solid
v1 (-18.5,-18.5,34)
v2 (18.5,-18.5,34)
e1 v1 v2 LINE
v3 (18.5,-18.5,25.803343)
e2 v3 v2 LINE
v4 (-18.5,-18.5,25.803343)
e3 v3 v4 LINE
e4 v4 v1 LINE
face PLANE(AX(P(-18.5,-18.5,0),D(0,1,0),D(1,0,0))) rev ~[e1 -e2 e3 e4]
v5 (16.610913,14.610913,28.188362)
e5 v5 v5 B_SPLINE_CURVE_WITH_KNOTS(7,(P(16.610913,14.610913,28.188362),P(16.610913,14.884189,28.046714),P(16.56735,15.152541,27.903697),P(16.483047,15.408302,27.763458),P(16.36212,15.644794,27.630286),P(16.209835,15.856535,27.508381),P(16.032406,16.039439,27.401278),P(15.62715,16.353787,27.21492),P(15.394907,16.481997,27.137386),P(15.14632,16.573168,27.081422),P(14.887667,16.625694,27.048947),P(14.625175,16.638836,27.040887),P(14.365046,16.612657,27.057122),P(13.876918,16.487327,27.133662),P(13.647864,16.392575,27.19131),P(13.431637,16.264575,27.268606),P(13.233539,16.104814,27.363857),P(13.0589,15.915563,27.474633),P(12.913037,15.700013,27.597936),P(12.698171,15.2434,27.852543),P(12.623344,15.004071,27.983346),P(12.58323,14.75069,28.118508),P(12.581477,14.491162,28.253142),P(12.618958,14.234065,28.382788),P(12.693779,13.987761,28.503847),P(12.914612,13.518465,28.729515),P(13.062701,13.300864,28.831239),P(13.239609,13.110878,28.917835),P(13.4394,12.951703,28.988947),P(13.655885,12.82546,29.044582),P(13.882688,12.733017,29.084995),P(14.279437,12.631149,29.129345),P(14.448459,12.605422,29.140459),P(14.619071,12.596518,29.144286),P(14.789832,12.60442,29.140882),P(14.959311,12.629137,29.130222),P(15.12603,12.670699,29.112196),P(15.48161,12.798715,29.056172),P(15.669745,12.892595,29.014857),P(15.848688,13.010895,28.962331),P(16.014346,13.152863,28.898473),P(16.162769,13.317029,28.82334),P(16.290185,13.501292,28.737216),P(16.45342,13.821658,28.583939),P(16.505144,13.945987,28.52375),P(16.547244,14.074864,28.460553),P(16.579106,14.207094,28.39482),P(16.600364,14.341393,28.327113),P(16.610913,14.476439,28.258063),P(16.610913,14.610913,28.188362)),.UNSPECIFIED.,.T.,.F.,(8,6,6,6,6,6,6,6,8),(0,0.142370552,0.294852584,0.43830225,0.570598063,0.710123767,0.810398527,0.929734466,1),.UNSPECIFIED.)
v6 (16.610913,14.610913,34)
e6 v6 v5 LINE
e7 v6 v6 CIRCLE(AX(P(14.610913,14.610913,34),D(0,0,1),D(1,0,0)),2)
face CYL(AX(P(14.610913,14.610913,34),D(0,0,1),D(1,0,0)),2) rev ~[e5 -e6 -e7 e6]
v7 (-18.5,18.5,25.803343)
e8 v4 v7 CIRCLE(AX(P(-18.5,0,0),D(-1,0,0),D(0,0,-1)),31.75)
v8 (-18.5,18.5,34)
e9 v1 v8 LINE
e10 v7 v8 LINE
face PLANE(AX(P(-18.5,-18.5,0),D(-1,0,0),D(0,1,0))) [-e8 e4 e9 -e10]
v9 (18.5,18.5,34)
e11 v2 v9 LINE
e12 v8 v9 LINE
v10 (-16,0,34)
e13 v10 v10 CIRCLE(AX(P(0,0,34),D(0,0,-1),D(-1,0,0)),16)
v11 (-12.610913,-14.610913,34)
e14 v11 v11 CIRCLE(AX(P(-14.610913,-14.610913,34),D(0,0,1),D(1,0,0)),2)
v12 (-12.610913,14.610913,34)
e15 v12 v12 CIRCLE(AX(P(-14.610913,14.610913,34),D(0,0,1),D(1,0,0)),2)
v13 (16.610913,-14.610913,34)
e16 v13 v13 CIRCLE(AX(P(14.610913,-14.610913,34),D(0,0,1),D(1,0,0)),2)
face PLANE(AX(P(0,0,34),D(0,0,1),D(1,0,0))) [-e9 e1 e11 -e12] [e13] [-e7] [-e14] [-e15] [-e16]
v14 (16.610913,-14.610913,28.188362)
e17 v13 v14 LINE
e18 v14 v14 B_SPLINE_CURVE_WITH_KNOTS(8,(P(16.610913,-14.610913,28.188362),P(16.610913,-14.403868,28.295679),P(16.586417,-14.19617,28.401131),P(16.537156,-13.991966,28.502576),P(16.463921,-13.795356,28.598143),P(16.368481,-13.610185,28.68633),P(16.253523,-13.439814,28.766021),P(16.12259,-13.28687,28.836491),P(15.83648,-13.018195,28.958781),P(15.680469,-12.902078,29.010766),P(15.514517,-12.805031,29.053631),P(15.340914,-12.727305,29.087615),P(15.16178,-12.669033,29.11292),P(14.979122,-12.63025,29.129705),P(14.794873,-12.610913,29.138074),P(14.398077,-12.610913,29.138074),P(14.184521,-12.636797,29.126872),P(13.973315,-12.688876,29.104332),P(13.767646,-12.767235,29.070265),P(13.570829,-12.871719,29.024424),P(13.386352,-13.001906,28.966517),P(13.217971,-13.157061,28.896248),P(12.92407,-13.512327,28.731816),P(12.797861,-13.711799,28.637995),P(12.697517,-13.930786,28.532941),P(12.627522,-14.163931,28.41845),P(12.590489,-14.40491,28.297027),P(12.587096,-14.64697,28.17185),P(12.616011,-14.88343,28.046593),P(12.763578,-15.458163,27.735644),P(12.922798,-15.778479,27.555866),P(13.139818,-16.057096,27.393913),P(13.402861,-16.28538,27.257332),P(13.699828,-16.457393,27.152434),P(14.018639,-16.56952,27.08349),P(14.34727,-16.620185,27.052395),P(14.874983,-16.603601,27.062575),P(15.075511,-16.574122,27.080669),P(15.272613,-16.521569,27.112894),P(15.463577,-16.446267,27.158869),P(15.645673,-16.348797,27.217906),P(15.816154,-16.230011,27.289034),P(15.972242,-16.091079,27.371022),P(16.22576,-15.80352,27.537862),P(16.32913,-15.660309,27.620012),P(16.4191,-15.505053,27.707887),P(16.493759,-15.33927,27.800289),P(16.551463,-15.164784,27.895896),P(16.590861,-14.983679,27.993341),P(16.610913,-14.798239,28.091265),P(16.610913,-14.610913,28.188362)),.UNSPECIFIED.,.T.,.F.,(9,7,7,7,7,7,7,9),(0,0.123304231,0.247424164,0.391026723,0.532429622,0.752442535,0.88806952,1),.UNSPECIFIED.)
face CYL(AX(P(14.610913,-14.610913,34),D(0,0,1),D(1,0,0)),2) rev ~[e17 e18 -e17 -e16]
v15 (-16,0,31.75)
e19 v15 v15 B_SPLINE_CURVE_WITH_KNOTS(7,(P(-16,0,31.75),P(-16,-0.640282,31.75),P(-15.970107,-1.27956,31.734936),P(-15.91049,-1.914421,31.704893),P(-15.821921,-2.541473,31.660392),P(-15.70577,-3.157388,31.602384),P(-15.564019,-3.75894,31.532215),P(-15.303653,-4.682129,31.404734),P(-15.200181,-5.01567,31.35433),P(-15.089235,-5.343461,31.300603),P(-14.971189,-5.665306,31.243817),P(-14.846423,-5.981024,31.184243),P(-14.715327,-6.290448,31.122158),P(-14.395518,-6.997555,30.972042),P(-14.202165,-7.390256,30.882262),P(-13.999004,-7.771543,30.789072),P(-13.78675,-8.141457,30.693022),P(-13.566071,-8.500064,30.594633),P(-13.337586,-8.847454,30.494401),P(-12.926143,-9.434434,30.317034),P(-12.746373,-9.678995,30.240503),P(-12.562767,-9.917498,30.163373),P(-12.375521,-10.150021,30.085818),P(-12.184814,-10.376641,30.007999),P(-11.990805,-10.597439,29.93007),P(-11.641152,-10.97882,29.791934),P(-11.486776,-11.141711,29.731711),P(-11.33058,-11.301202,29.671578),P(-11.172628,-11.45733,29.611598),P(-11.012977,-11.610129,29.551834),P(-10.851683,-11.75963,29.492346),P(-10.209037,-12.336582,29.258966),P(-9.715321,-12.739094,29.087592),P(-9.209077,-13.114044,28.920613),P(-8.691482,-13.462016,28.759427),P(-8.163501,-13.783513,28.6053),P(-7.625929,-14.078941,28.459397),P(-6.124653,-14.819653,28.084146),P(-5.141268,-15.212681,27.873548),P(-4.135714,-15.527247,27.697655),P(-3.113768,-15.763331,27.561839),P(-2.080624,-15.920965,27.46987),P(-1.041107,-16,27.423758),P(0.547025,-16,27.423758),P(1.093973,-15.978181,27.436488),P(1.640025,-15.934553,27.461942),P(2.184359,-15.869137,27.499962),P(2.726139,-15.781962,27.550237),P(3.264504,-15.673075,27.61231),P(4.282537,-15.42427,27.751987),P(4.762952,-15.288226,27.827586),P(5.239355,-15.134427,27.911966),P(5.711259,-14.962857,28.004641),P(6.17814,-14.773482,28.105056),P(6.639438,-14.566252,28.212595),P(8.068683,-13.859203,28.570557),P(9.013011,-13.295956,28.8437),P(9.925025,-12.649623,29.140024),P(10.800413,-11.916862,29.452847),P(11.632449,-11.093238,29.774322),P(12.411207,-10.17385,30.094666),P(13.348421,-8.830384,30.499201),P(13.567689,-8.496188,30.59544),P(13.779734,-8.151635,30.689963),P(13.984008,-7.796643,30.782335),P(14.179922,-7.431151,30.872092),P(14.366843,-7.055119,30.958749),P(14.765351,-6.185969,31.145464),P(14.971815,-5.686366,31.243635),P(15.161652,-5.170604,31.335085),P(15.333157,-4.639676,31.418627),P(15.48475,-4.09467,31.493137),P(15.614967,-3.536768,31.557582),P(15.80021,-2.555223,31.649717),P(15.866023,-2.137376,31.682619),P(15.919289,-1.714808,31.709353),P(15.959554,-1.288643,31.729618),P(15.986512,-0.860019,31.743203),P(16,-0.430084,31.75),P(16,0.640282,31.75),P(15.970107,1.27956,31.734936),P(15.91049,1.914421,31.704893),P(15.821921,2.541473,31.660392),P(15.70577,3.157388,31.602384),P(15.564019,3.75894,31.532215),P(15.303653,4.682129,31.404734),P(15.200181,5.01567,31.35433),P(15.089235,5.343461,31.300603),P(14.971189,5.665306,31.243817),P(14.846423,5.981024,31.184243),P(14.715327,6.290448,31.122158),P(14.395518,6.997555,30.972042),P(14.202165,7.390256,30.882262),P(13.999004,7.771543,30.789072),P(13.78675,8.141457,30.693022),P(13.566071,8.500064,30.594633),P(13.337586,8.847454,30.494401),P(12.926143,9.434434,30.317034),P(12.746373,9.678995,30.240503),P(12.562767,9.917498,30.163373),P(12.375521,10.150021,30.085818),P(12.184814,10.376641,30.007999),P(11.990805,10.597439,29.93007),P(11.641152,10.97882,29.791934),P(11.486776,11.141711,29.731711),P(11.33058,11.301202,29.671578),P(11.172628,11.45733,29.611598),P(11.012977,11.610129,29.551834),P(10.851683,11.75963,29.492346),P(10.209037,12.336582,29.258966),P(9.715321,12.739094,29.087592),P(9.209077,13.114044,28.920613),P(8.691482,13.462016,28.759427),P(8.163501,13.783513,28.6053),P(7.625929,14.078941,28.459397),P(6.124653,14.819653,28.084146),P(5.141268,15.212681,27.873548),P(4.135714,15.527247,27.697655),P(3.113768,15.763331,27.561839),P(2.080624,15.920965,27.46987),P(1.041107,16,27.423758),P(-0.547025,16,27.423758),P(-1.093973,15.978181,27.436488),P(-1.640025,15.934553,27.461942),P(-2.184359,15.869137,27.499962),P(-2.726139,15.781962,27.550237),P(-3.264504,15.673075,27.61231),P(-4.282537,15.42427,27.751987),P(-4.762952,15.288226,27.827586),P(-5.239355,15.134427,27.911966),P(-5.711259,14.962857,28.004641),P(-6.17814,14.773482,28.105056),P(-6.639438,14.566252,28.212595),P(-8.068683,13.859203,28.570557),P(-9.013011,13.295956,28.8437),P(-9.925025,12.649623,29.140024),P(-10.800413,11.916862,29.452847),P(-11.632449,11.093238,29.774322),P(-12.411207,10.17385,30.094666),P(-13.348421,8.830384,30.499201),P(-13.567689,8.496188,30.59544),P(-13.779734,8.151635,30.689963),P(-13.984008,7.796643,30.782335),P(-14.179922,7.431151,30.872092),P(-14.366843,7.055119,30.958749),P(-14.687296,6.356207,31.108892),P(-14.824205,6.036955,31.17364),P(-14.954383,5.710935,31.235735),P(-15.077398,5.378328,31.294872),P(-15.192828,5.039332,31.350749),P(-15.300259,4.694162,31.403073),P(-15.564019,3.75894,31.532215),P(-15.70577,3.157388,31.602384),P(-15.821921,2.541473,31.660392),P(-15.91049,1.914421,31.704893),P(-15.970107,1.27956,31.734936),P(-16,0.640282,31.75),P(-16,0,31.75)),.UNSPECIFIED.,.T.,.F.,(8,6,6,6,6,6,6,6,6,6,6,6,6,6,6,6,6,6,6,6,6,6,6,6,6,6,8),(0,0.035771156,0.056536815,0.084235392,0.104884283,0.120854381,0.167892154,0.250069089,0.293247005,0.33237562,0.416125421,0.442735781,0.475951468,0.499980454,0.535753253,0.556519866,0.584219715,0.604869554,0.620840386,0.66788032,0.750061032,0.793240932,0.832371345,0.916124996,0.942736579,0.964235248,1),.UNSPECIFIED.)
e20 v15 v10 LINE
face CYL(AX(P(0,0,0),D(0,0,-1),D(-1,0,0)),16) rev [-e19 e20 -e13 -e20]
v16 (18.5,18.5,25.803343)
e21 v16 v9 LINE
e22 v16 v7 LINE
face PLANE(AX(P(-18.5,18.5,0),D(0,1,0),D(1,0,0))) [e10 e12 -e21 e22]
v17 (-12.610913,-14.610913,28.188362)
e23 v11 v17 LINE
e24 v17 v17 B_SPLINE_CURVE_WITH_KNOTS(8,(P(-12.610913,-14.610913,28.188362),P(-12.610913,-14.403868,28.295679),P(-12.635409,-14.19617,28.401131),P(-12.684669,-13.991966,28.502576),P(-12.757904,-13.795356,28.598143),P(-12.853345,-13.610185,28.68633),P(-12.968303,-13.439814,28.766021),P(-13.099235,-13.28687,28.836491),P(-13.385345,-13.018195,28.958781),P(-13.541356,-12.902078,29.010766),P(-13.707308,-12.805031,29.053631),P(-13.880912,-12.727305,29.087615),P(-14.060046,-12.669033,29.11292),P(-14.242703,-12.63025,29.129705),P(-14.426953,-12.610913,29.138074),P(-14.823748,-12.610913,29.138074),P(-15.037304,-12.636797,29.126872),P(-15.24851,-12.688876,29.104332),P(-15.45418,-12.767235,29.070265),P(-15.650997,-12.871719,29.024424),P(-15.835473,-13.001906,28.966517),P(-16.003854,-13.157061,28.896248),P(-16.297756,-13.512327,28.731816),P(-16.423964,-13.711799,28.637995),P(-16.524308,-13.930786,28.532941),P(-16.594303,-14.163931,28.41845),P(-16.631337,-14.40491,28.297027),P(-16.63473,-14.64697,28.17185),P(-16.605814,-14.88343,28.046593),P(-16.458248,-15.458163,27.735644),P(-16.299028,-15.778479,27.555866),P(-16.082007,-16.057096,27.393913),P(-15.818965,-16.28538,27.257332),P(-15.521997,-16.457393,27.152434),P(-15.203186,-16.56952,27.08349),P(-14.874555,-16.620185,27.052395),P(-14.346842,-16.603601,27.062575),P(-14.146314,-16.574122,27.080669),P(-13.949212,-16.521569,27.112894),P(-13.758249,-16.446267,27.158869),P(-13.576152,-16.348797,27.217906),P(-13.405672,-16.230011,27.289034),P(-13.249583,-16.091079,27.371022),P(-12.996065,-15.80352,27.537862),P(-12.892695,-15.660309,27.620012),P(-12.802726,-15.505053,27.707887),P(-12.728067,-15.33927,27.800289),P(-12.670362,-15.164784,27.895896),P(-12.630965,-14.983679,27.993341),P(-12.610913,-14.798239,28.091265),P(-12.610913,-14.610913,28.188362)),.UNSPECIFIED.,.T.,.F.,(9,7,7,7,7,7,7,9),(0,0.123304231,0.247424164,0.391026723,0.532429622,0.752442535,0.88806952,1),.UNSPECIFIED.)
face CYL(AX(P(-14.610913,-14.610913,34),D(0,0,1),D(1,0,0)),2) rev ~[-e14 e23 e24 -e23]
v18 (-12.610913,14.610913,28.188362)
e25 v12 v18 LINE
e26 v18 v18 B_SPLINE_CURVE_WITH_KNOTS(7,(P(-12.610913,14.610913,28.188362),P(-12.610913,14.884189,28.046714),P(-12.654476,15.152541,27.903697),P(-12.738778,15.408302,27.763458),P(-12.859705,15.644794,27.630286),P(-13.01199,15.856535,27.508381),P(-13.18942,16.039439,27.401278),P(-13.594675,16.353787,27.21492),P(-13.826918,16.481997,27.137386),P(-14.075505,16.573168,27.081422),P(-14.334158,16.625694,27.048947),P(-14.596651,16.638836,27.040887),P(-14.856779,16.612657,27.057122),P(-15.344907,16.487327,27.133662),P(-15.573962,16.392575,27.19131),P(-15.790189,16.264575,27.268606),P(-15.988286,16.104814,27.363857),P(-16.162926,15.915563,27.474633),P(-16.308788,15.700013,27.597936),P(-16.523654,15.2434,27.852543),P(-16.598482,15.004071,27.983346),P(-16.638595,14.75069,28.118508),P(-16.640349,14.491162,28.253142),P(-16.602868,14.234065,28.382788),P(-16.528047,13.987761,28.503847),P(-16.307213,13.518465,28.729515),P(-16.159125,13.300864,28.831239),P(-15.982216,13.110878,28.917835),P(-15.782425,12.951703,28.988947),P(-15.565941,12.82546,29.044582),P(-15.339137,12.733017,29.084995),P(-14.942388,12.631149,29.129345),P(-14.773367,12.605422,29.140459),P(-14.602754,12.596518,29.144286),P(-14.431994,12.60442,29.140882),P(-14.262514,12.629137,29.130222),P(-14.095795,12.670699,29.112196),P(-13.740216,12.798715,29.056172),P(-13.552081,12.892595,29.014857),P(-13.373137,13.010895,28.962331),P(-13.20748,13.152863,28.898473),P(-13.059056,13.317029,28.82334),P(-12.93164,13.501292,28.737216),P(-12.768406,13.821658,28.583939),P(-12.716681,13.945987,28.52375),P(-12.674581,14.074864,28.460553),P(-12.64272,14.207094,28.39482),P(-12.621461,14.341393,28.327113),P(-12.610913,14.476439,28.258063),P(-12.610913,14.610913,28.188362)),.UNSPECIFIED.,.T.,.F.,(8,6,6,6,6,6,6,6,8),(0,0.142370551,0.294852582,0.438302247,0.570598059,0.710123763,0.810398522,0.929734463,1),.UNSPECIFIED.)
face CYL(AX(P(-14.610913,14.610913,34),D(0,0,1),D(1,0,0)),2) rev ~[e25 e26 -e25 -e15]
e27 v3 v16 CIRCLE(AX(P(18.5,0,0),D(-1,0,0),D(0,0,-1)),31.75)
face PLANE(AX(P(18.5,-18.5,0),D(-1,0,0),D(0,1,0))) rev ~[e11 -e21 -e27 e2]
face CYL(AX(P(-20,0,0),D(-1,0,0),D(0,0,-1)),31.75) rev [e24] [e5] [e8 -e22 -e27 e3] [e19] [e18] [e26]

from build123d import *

# Parameters (mm, degrees)
SKETCH1_W               = 37
SKETCH1_H               = 37
BOSS_EXTRUDE1_DEPTH     = 34
CUT_EXTRUDE1_DEPTH      = 20
CUT_EXTRUDE1_DEPTH_BACK = 20
SKETCH2_R               = 31.75
SKETCH5_R               = 16
CUT_EXTRUDE2_DEPTH      = 43.901048938
SKETCH6_R               = 2
CUT_EXTRUDE3_DEPTH      = 28.41687798


with BuildPart() as part:
    # Sketch1 → Boss-Extrude1 (new body)
    with BuildSketch(Plane.XY):
        Rectangle(SKETCH1_W, SKETCH1_H)
    extrude(amount=BOSS_EXTRUDE1_DEPTH)

    # Sketch2 → Cut-Extrude1 (cut, two sides: drawn at the far end of the back side and taken through both)
    with BuildSketch(Plane(origin=(0, 0, 0), x_dir=(0, 0, -1), z_dir=(1, 0, 0)).offset(-CUT_EXTRUDE1_DEPTH_BACK)):
        Circle(SKETCH2_R)
    extrude(amount=CUT_EXTRUDE1_DEPTH + CUT_EXTRUDE1_DEPTH_BACK, mode=Mode.SUBTRACT)

    # Sketch5 → Cut-Extrude2 (cut, through all)
    with BuildSketch(Plane.XY):
        with Locations(Location((0, 0, 0), (0, 0, 180))):
            Circle(SKETCH5_R)
    extrude(amount=CUT_EXTRUDE2_DEPTH, mode=Mode.SUBTRACT)

    # Sketch6 → Cut-Extrude3 (cut, through all)
    with BuildSketch(Plane.XY.offset(34)):
        with Locations((-14.610912703, -14.610912703)):
            Circle(SKETCH6_R)
        with Locations((14.610912703, -14.610912703)):
            Circle(SKETCH6_R)
        with Locations((14.610912703, 14.610912703)):
            Circle(SKETCH6_R)
        with Locations((-14.610912703, 14.610912703)):
            Circle(SKETCH6_R)
    extrude(amount=-CUT_EXTRUDE3_DEPTH, mode=Mode.SUBTRACT)


solid = part.part
